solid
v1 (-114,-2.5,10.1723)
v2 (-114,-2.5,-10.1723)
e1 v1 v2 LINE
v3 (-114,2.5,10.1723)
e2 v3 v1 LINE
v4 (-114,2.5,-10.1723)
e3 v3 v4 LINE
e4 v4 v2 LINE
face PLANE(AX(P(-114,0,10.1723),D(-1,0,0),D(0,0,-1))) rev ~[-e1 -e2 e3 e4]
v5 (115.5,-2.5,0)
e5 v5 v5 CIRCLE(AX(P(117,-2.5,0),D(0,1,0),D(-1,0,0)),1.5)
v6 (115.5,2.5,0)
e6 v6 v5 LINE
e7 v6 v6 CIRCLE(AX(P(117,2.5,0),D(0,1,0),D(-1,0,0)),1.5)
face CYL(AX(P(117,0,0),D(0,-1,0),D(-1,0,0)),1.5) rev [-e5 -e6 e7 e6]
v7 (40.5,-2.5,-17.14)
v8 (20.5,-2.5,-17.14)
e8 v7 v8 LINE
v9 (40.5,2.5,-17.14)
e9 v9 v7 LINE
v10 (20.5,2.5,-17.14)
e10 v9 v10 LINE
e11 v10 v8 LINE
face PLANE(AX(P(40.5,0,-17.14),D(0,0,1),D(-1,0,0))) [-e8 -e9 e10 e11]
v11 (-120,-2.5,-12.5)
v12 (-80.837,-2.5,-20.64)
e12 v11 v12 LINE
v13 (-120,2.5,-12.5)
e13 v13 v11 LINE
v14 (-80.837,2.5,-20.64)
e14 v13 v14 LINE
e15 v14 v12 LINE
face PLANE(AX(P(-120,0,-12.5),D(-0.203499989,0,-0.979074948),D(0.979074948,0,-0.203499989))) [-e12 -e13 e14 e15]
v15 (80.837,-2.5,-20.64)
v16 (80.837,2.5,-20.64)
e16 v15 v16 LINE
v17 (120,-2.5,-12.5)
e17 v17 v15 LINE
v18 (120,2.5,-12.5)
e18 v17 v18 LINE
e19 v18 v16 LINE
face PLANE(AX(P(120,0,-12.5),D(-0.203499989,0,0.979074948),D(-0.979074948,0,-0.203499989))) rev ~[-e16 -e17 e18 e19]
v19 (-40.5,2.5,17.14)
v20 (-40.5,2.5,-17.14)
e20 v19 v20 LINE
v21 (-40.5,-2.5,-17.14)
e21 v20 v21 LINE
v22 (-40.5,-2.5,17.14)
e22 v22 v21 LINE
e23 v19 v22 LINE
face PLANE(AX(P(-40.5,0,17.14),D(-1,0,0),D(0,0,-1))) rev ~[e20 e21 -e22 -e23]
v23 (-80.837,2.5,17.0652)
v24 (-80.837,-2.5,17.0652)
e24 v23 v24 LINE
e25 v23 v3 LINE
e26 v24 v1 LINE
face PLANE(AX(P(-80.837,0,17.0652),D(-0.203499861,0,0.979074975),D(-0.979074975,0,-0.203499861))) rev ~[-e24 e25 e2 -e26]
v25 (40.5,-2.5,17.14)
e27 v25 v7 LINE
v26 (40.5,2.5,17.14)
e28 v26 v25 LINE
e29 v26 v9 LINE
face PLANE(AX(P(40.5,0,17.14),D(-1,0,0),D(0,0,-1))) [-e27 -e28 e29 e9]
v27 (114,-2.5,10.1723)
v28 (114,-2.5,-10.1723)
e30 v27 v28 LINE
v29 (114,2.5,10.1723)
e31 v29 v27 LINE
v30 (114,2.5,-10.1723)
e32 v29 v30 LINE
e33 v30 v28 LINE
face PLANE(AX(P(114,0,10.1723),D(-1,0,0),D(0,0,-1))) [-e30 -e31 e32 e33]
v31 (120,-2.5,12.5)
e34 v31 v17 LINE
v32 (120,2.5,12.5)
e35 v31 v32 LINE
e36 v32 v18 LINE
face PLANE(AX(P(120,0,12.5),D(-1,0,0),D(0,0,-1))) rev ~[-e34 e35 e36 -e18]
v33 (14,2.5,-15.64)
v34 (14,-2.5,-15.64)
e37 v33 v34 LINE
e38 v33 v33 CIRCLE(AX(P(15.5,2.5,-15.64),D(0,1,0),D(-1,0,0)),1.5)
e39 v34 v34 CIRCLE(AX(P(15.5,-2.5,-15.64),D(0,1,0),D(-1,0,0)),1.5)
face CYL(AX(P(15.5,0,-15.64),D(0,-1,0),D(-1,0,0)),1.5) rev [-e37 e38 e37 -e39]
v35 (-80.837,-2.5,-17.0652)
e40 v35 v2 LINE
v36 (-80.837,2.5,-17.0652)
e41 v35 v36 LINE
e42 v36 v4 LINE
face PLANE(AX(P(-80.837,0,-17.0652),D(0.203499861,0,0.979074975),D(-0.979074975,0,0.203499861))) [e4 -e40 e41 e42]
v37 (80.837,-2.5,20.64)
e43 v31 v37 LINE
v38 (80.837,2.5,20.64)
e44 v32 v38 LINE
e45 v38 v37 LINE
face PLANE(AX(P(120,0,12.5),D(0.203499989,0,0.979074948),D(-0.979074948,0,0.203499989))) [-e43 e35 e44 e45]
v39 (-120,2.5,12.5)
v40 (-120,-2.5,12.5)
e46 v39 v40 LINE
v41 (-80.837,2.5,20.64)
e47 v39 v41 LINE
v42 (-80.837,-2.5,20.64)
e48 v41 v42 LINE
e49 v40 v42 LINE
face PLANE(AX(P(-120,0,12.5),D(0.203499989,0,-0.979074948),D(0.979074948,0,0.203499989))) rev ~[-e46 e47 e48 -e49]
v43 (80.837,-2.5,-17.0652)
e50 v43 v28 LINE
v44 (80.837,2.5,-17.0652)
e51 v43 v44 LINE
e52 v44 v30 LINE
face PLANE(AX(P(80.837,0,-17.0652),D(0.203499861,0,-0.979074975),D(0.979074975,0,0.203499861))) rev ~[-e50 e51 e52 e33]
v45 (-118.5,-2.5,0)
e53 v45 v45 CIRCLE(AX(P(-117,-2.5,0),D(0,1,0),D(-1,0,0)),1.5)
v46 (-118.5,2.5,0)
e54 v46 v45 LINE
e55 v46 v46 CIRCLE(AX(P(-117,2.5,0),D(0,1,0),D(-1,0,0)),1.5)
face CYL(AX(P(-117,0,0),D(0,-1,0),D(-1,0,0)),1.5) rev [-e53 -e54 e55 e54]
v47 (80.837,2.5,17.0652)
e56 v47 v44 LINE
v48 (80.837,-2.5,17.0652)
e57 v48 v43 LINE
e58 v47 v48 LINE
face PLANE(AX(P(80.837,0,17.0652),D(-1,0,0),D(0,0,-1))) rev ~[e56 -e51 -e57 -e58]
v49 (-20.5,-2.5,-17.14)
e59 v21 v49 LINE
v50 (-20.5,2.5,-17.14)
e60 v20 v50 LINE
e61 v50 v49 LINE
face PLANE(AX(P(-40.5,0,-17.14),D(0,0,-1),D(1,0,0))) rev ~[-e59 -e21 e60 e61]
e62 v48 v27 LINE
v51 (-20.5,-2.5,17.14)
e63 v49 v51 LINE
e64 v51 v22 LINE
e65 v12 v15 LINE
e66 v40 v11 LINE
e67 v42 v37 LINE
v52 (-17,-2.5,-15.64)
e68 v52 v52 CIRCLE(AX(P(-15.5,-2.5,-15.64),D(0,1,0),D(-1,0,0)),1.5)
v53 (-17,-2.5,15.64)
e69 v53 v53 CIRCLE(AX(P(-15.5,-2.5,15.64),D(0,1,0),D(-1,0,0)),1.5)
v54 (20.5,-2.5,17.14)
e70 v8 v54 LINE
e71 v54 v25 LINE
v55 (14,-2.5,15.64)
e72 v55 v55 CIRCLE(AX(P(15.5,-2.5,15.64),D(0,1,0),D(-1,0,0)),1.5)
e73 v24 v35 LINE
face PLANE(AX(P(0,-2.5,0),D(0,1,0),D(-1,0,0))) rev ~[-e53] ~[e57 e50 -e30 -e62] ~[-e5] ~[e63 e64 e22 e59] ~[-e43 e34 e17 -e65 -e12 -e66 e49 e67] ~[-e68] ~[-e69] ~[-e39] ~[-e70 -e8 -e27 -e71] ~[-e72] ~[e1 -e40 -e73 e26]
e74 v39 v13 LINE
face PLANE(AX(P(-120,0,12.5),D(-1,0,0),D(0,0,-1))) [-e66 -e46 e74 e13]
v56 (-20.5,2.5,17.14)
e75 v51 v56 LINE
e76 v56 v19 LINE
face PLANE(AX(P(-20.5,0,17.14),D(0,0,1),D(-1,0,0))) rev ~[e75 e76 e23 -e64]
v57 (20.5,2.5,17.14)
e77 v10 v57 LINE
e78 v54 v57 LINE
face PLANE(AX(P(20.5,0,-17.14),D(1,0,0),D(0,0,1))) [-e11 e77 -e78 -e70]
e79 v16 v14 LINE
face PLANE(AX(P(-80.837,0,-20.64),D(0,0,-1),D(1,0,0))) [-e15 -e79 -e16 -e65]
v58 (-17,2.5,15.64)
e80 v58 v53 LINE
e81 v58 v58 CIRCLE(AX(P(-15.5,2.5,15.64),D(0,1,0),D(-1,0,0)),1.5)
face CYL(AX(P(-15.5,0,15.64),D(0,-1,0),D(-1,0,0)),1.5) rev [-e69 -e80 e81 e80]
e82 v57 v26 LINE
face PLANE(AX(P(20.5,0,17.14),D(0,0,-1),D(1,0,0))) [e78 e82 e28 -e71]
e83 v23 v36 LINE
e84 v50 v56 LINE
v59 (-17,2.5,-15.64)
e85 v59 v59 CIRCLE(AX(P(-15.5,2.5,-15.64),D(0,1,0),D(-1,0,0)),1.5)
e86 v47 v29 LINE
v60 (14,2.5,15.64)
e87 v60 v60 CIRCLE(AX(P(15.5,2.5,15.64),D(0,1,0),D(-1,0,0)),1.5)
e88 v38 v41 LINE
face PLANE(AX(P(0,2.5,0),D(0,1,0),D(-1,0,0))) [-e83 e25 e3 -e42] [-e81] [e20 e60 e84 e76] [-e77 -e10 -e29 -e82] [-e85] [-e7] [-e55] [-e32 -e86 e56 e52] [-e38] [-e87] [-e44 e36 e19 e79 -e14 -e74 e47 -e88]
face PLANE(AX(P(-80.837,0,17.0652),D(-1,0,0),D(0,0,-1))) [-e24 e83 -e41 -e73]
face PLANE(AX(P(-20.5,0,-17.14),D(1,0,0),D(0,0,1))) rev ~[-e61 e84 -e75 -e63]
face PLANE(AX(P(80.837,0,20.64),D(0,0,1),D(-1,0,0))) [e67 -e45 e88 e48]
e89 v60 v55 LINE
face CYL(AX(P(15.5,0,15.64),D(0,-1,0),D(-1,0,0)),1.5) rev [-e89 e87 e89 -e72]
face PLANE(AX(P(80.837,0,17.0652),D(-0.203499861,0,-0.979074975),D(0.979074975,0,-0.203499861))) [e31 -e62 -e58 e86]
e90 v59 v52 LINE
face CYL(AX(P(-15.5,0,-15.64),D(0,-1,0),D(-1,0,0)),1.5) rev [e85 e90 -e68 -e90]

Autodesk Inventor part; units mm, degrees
ref_plane "YZ Plane" through (0, 0, 0) normal (1, 0, 0) x (0, 1, 0)
ref_plane "XZ Plane" through (0, 0, 0) normal (0, 1, 0) x (-1, 0, 0)
ref_plane "XY Plane" through (0, 0, 0) normal (0, 0, 1) x (1, 0, 0)
sketch "Sketch1" plane through (0, 0, 0) normal (0, 1, 0) x (-1, 0, 0)
  line L0 (-120, 12.5) -> (-120, -12.5)
  line L1 (-120, 12.5) -> (-80.837, 20.64)
  line L2 (-80.837, 20.64) -> (0, 20.64)
  line L3 (-120, 0) -> (120, 0) construction
  line L4 (-120, -12.5) -> (-80.837, -20.64)
  line L5 (-80.837, -20.64) -> (0, -20.64)
  line L6 (0, 20.64) -> (0, -20.64) construction
  line L7 (80.837, 20.64) -> (0, 20.64)
  line L8 (120, 12.5) -> (80.837, 20.64)
  line L9 (120, -12.5) -> (80.837, -20.64)
  line L10 (120, 12.5) -> (120, -12.5)
  line L11 (80.837, -20.64) -> (0, -20.64)
  line L12 (-80.837, -17.0652) -> (-114, -10.1723)
  line L13 (-80.837, 17.0652) -> (-114, 10.1723)
  line L14 (-114, 10.1723) -> (-114, -10.1723)
  line L15 (-80.837, 17.0652) -> (-80.837, -17.0652)
  line L16 (-20.5, 17.14) -> (-40.5, 17.14)
  line L17 (-40.5, 17.14) -> (-40.5, -17.14)
  line L18 (-40.5, -17.14) -> (-20.5, -17.14)
  line L19 (-20.5, -17.14) -> (-20.5, 17.14)
  line L20 (80.837, -17.0652) -> (114, -10.1723)
  line L21 (80.837, 17.0652) -> (114, 10.1723)
  line L22 (114, 10.1723) -> (114, -10.1723)
  line L23 (80.837, 17.0652) -> (80.837, -17.0652)
  line L24 (20.5, 17.14) -> (40.5, 17.14)
  line L25 (40.5, 17.14) -> (40.5, -17.14)
  line L26 (40.5, -17.14) -> (20.5, -17.14)
  line L27 (20.5, -17.14) -> (20.5, 17.14)
  circle A0 centre (-117, 0) radius 1.5
  circle A1 centre (-15.5, -15.64) radius 1.5
  circle A2 centre (15.5, -15.64) radius 1.5
  circle A3 centre (-15.5, 15.64) radius 1.5
  circle A4 centre (15.5, 15.64) radius 1.5
  circle A5 centre (117, 0) radius 1.5
  point P0 (0, 0)
  point P1 (0, 0)
  point P2 (0, 0)
  point P3 (0, 0)
  point P4 (-114, 0)
  point P5 (-30.5, 17.14)
  dimension "d0" = 25
  dimension "d1" = 40
  dimension "d2" = 80.837
  dimension "d3" = 39.163
  dimension "d6" = 3.5
  dimension "d7" = 6
  dimension "d8" = 93.5
  dimension "d9" = 3.5
  dimension "d10" = 3.5
  dimension "d11" = 20
  dimension "d12" = 3
  dimension "d13" = 3
  dimension "d14" = 5
  dimension "d15" = 5
  dimension "d16" = 3
extrude "Extrusion1" add sketch "Sketch1" along normal mid plane 5
properties part number "nakladka"
